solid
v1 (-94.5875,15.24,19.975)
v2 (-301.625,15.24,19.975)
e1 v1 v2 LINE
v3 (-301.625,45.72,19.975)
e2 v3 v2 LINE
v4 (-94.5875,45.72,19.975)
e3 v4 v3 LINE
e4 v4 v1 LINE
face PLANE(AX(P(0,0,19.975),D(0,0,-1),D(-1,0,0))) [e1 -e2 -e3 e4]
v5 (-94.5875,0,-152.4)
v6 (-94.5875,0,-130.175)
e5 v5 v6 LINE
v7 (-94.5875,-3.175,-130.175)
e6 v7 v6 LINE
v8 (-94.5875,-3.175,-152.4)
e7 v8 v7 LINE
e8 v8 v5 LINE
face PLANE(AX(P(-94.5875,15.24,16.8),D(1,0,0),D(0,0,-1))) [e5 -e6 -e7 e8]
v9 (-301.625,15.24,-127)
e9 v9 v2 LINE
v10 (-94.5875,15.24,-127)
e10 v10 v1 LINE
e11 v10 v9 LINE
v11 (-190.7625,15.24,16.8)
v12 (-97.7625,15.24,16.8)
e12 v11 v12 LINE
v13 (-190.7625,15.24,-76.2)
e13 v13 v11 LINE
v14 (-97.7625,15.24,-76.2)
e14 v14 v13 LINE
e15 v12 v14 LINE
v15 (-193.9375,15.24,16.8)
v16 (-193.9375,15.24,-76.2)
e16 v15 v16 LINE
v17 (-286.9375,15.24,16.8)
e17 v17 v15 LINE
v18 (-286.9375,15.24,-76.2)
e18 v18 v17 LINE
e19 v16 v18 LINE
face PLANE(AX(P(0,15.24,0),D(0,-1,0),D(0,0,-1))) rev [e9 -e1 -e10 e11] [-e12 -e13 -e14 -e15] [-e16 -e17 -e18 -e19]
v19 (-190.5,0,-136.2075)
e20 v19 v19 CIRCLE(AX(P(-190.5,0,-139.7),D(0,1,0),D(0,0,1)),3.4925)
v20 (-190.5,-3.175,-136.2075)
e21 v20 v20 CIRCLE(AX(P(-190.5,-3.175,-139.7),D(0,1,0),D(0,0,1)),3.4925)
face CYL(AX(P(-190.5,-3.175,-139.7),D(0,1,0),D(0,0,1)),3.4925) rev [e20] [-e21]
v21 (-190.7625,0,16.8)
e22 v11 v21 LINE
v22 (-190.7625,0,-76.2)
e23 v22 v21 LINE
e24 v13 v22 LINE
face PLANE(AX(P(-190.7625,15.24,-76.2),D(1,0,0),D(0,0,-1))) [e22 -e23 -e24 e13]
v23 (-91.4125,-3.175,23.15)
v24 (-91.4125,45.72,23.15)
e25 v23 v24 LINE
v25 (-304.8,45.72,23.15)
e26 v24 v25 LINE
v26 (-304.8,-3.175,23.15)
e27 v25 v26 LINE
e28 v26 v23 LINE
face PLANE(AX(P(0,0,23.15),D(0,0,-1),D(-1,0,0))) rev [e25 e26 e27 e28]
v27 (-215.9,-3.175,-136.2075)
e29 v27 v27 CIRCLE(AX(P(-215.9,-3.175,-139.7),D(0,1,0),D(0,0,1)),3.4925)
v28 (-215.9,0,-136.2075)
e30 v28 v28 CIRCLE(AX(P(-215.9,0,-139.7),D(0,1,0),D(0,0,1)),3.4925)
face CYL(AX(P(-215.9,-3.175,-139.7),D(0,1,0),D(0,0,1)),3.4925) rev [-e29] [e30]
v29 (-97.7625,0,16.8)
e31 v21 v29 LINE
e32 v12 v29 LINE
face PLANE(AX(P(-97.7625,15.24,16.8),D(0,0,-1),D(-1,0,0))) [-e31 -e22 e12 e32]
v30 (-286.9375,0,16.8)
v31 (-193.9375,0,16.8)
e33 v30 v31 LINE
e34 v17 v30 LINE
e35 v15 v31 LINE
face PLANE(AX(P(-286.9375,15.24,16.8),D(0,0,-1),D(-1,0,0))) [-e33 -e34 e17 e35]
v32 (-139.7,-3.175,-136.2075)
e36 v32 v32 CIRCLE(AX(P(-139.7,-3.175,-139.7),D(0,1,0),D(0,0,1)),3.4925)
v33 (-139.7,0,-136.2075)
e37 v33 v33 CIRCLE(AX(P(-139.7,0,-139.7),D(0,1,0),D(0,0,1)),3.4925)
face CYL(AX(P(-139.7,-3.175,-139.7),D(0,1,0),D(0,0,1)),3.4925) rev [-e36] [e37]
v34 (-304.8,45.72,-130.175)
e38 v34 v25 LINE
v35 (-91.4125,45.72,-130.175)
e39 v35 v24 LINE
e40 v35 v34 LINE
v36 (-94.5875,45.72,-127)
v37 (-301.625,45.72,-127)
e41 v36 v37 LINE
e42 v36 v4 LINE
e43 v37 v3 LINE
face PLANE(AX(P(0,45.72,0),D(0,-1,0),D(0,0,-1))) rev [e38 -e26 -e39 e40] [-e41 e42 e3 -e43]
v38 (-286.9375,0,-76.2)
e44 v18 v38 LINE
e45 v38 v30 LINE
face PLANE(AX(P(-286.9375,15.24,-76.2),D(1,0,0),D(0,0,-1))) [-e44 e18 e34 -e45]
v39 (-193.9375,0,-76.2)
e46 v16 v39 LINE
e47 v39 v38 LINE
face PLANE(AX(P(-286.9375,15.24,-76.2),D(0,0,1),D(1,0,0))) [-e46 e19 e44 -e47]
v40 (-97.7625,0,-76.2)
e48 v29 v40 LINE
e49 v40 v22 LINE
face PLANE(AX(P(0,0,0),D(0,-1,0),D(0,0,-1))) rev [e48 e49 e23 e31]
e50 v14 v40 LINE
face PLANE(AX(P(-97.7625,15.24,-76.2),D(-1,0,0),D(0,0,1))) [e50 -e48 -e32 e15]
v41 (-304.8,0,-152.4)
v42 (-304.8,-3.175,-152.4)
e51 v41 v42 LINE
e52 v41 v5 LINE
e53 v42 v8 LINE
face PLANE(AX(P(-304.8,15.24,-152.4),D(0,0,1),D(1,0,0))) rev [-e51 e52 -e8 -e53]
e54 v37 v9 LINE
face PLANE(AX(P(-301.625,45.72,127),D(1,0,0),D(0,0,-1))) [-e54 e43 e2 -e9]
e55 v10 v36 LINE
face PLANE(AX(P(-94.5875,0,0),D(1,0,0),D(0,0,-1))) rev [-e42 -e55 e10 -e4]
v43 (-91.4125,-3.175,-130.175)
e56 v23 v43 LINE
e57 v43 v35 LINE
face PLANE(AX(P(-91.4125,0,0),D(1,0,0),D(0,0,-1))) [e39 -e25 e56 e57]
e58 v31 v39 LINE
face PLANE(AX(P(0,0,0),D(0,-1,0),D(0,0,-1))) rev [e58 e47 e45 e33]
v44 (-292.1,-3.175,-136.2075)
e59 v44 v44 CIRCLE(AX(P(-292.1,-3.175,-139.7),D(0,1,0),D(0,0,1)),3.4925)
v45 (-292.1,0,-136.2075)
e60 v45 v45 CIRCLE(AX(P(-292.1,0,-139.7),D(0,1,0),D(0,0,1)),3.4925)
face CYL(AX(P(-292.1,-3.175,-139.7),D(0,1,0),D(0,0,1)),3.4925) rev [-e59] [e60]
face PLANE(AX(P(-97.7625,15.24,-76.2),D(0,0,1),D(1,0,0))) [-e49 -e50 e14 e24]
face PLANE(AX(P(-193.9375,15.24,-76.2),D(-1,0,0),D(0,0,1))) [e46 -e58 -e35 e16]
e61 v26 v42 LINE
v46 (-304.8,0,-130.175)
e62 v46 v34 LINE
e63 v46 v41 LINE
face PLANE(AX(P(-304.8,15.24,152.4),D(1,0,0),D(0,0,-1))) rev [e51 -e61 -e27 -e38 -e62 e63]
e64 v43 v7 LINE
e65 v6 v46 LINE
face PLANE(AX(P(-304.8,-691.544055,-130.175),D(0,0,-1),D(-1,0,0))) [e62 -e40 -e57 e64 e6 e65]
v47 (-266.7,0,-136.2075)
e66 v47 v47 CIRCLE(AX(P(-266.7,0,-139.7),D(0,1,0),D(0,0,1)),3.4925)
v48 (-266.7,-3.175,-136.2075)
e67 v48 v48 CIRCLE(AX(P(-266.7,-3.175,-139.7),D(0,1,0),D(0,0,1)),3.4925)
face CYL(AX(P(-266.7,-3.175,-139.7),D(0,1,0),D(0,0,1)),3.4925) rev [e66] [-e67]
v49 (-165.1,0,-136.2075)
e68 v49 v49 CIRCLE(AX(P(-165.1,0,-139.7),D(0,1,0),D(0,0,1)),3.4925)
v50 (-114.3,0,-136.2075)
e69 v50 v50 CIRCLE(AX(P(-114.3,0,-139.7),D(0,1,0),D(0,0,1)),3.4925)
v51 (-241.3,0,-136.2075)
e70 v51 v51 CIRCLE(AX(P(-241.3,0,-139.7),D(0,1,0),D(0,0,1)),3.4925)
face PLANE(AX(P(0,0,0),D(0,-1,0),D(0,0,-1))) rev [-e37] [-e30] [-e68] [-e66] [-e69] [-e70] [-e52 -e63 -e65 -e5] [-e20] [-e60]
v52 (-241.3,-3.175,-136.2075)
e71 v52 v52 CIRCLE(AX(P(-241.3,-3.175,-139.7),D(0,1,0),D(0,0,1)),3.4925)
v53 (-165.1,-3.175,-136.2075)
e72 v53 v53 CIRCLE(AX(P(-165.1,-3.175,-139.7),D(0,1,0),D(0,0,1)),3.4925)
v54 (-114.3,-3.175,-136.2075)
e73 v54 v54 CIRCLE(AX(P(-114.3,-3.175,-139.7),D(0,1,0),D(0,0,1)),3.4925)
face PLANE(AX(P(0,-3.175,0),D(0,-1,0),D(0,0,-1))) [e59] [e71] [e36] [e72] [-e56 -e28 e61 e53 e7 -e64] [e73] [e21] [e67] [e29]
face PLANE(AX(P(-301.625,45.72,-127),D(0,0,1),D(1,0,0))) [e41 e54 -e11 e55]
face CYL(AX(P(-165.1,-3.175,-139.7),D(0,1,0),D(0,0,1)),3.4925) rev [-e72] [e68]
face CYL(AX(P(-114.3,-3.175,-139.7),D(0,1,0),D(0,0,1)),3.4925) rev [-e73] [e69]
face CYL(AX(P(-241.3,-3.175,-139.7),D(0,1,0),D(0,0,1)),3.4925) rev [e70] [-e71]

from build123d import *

# Parameters (mm, degrees)
SKETCH1_W            = 609.6
SKETCH1_H            = 304.8
SKETCH1_W_2          = 93
SKETCH1_H_2          = 93
BOSS_EXTRUDE1_DEPTH  = 15.24
SKETCH2_W            = 609.6
SKETCH2_H            = 304.8
BOSS_EXTRUDE2_DEPTH  = 3.175
SKETCH3_W            = 609.6
SKETCH3_H            = 304.8
SKETCH3_W_2          = 603.25
SKETCH3_H_2          = 254
BOSS_EXTRUDE3_DEPTH  = 30.48
SKETCH4_OUTSIDE_W    = 748.262
SKETCH4_OUTSIDE_H    = 443.462
SKETCH4_OUTSIDE_W_2  = 609.6
SKETCH4_OUTSIDE_H_2  = 260.35
CUT_EXTRUDE1_DEPTH   = 45.72
SKETCH5_R            = 3.4925
CUT_EXTRUDE2_DEPTH   = 344.830071983
SKETCH6_W            = 327.140785269
SKETCH6_H            = 256.091806272
TEMPORARY_CUT_DEPTH  = 430.914472374
SKETCH7_W            = 260.35
SKETCH7_H            = 48.895
TEMPORARY_SIDE_DEPTH = 3.175
SKETCH8_W            = 381.398207811
SKETCH8_H            = 265.653299783
CUT_EXTRUDE3_DEPTH   = 354.138073599
SKETCH9_W            = 213.3875
SKETCH9_H            = 48.895
BOSS_EXTRUDE4_DEPTH  = 3.175


with BuildPart() as part:
    # Sketch1 → Boss-Extrude1 (new body)
    with BuildSketch(Plane(origin=(0, 0, 0), x_dir=(1, 0, 0), z_dir=(0, 1, 0))):
        Rectangle(SKETCH1_W, SKETCH1_H)
        with Locations((-48.0875, 29.7)):
            Rectangle(SKETCH1_W_2, SKETCH1_H_2, mode=Mode.SUBTRACT)
        with Locations((-144.2625, 29.7)):
            Rectangle(SKETCH1_W_2, SKETCH1_H_2, mode=Mode.SUBTRACT)
        with Locations((-144.2625, -66.475)):
            Rectangle(SKETCH1_W_2, SKETCH1_H_2, mode=Mode.SUBTRACT)
        with Locations((-48.0875, -66.475)):
            Rectangle(SKETCH1_W_2, SKETCH1_H_2, mode=Mode.SUBTRACT)
        with Locations((-240.4375, 29.7)):
            Rectangle(SKETCH1_W_2, SKETCH1_H_2, mode=Mode.SUBTRACT)
        with Locations((-240.4375, -66.475)):
            Rectangle(SKETCH1_W_2, SKETCH1_H_2, mode=Mode.SUBTRACT)
        with Locations((48.0875, 29.7)):
            Rectangle(SKETCH1_W_2, SKETCH1_H_2, mode=Mode.SUBTRACT)
        with Locations((48.0875, -66.475)):
            Rectangle(SKETCH1_W_2, SKETCH1_H_2, mode=Mode.SUBTRACT)
        with Locations((144.2625, 29.7)):
            Rectangle(SKETCH1_W_2, SKETCH1_H_2, mode=Mode.SUBTRACT)
        with Locations((144.2625, -66.475)):
            Rectangle(SKETCH1_W_2, SKETCH1_H_2, mode=Mode.SUBTRACT)
        with Locations((240.4375, 29.7)):
            Rectangle(SKETCH1_W_2, SKETCH1_H_2, mode=Mode.SUBTRACT)
        with Locations((240.4375, -66.475)):
            Rectangle(SKETCH1_W_2, SKETCH1_H_2, mode=Mode.SUBTRACT)
    extrude(amount=BOSS_EXTRUDE1_DEPTH)

    # Sketch2 → Boss-Extrude2 (add)
    with BuildSketch(Plane(origin=(0, 0, 0), x_dir=(-1, 0, 0), z_dir=(0, -1, 0))):
        Rectangle(SKETCH2_W, SKETCH2_H)
    extrude(amount=BOSS_EXTRUDE2_DEPTH)

    # Sketch3 → Boss-Extrude3 (add)
    with BuildSketch(Plane(origin=(0, 15.24, 0), x_dir=(1, 0, 0), z_dir=(0, 1, 0))):
        Rectangle(SKETCH3_W, SKETCH3_H)
        Rectangle(SKETCH3_W_2, SKETCH3_H_2, mode=Mode.SUBTRACT)
    extrude(amount=BOSS_EXTRUDE3_DEPTH)

    # Sketch4 outside → Cut-Extrude1 (cut)
    with BuildSketch(Plane(origin=(0, 45.72, 0), x_dir=(1, 0, 0), z_dir=(0, 1, 0))):
        Rectangle(SKETCH4_OUTSIDE_W, SKETCH4_OUTSIDE_H)
        Rectangle(SKETCH4_OUTSIDE_W_2, SKETCH4_OUTSIDE_H_2, mode=Mode.SUBTRACT)
    extrude(amount=-CUT_EXTRUDE1_DEPTH, mode=Mode.SUBTRACT)

    # Sketch5 → Cut-Extrude2 (cut, through all)
    with BuildSketch(Plane(origin=(0, 0, 0), x_dir=(1, 0, 0), z_dir=(0, 1, 0))):
        with Locations(Location((-292.1, -139.7, 0), (0, 0, 270))):
            Circle(SKETCH5_R)
        with Locations(Location((-266.7, -139.7, 0), (0, 0, 270))):
            Circle(SKETCH5_R)
        with Locations(Location((-241.3, -139.7, 0), (0, 0, 270))):
            Circle(SKETCH5_R)
        with Locations(Location((-215.9, -139.7, 0), (0, 0, 270))):
            Circle(SKETCH5_R)
        with Locations(Location((-190.5, -139.7, 0), (0, 0, 270))):
            Circle(SKETCH5_R)
        with Locations(Location((-165.1, -139.7, 0), (0, 0, 270))):
            Circle(SKETCH5_R)
        with Locations(Location((-139.7, -139.7, 0), (0, 0, 270))):
            Circle(SKETCH5_R)
        with Locations(Location((-114.3, -139.7, 0), (0, 0, 270))):
            Circle(SKETCH5_R)
        with Locations(Location((-88.9, -139.7, 0), (0, 0, 270))):
            Circle(SKETCH5_R)
        with Locations(Location((-63.5, -139.7, 0), (0, 0, 270))):
            Circle(SKETCH5_R)
        with Locations(Location((-38.1, -139.7, 0), (0, 0, 270))):
            Circle(SKETCH5_R)
        with Locations(Location((-12.7, -139.7, 0), (0, 0, 270))):
            Circle(SKETCH5_R)
        with Locations(Location((12.7, 139.7, 0), (0, 0, 270))):
            Circle(SKETCH5_R)
        with Locations(Location((38.1, 139.7, 0), (0, 0, 270))):
            Circle(SKETCH5_R)
        with Locations(Location((63.5, 139.7, 0), (0, 0, 270))):
            Circle(SKETCH5_R)
        with Locations(Location((88.9, 139.7, 0), (0, 0, 270))):
            Circle(SKETCH5_R)
        with Locations(Location((114.3, 139.7, 0), (0, 0, 270))):
            Circle(SKETCH5_R)
        with Locations(Location((139.7, 139.7, 0), (0, 0, 270))):
            Circle(SKETCH5_R)
        with Locations(Location((165.1, 139.7, 0), (0, 0, 270))):
            Circle(SKETCH5_R)
        with Locations(Location((190.5, 139.7, 0), (0, 0, 270))):
            Circle(SKETCH5_R)
        with Locations(Location((215.9, 139.7, 0), (0, 0, 270))):
            Circle(SKETCH5_R)
        with Locations(Location((241.3, 139.7, 0), (0, 0, 270))):
            Circle(SKETCH5_R)
        with Locations(Location((-292.1, 139.7, 0), (0, 0, 270))):
            Circle(SKETCH5_R)
        with Locations(Location((-266.7, 139.7, 0), (0, 0, 270))):
            Circle(SKETCH5_R)
        with Locations(Location((-241.3, 139.7, 0), (0, 0, 270))):
            Circle(SKETCH5_R)
        with Locations(Location((-215.9, 139.7, 0), (0, 0, 270))):
            Circle(SKETCH5_R)
        with Locations(Location((-190.5, 139.7, 0), (0, 0, 270))):
            Circle(SKETCH5_R)
        with Locations(Location((-165.1, 139.7, 0), (0, 0, 270))):
            Circle(SKETCH5_R)
        with Locations(Location((-139.7, 139.7, 0), (0, 0, 270))):
            Circle(SKETCH5_R)
        with Locations(Location((-114.3, 139.7, 0), (0, 0, 270))):
            Circle(SKETCH5_R)
        with Locations(Location((-88.9, 139.7, 0), (0, 0, 270))):
            Circle(SKETCH5_R)
        with Locations(Location((-63.5, 139.7, 0), (0, 0, 270))):
            Circle(SKETCH5_R)
        with Locations(Location((-38.1, 139.7, 0), (0, 0, 270))):
            Circle(SKETCH5_R)
        with Locations(Location((-12.7, 139.7, 0), (0, 0, 270))):
            Circle(SKETCH5_R)
        with Locations(Location((266.7, 139.7, 0), (0, 0, 270))):
            Circle(SKETCH5_R)
        with Locations(Location((292.1, 139.7, 0), (0, 0, 270))):
            Circle(SKETCH5_R)
        with Locations(Location((12.7, -139.7, 0), (0, 0, 270))):
            Circle(SKETCH5_R)
        with Locations(Location((38.1, -139.7, 0), (0, 0, 270))):
            Circle(SKETCH5_R)
        with Locations(Location((63.5, -139.7, 0), (0, 0, 270))):
            Circle(SKETCH5_R)
        with Locations(Location((88.9, -139.7, 0), (0, 0, 270))):
            Circle(SKETCH5_R)
        with Locations(Location((114.3, -139.7, 0), (0, 0, 270))):
            Circle(SKETCH5_R)
        with Locations(Location((139.7, -139.7, 0), (0, 0, 270))):
            Circle(SKETCH5_R)
        with Locations(Location((165.1, -139.7, 0), (0, 0, 270))):
            Circle(SKETCH5_R)
        with Locations(Location((190.5, -139.7, 0), (0, 0, 270))):
            Circle(SKETCH5_R)
        with Locations(Location((215.9, -139.7, 0), (0, 0, 270))):
            Circle(SKETCH5_R)
        with Locations(Location((241.3, -139.7, 0), (0, 0, 270))):
            Circle(SKETCH5_R)
        with Locations(Location((266.7, -139.7, 0), (0, 0, 270))):
            Circle(SKETCH5_R)
        with Locations(Location((292.1, -139.7, 0), (0, 0, 270))):
            Circle(SKETCH5_R)
    extrude(amount=-CUT_EXTRUDE2_DEPTH, mode=Mode.SUBTRACT)

    # Sketch6 → Temporary_Cut (cut, through all)
    with BuildSketch(Plane(origin=(-94.5875, 0, 0), x_dir=(0, 0, -1), z_dir=(1, 0, 0))):
        with Locations((-7.828616148, 44.910513642)):
            Rectangle(SKETCH6_W, SKETCH6_H)
    extrude(amount=TEMPORARY_CUT_DEPTH, mode=Mode.SUBTRACT)

    # Sketch7 → Temporary_Side (add)
    with BuildSketch(Plane(origin=(-94.5875, 0, 0), x_dir=(0, 0, -1), z_dir=(1, 0, 0))):
        with Locations((0, 21.2725)):
            Rectangle(SKETCH7_W, SKETCH7_H)
    extrude(amount=TEMPORARY_SIDE_DEPTH)

    # Sketch8 → Cut-Extrude3 (cut, through all)
    with BuildSketch(Plane.XY.offset(19.975)):
        with Locations((-174.977799194, 15.778240494)):
            Rectangle(SKETCH8_W, SKETCH8_H)
    extrude(amount=CUT_EXTRUDE3_DEPTH, mode=Mode.SUBTRACT)

    # Sketch9 → Boss-Extrude4 (add)
    with BuildSketch(Plane.XY.offset(19.975)):
        with Locations((-198.10625, 21.2725)):
            Rectangle(SKETCH9_W, SKETCH9_H)
    extrude(amount=BOSS_EXTRUDE4_DEPTH)


solid = part.part
